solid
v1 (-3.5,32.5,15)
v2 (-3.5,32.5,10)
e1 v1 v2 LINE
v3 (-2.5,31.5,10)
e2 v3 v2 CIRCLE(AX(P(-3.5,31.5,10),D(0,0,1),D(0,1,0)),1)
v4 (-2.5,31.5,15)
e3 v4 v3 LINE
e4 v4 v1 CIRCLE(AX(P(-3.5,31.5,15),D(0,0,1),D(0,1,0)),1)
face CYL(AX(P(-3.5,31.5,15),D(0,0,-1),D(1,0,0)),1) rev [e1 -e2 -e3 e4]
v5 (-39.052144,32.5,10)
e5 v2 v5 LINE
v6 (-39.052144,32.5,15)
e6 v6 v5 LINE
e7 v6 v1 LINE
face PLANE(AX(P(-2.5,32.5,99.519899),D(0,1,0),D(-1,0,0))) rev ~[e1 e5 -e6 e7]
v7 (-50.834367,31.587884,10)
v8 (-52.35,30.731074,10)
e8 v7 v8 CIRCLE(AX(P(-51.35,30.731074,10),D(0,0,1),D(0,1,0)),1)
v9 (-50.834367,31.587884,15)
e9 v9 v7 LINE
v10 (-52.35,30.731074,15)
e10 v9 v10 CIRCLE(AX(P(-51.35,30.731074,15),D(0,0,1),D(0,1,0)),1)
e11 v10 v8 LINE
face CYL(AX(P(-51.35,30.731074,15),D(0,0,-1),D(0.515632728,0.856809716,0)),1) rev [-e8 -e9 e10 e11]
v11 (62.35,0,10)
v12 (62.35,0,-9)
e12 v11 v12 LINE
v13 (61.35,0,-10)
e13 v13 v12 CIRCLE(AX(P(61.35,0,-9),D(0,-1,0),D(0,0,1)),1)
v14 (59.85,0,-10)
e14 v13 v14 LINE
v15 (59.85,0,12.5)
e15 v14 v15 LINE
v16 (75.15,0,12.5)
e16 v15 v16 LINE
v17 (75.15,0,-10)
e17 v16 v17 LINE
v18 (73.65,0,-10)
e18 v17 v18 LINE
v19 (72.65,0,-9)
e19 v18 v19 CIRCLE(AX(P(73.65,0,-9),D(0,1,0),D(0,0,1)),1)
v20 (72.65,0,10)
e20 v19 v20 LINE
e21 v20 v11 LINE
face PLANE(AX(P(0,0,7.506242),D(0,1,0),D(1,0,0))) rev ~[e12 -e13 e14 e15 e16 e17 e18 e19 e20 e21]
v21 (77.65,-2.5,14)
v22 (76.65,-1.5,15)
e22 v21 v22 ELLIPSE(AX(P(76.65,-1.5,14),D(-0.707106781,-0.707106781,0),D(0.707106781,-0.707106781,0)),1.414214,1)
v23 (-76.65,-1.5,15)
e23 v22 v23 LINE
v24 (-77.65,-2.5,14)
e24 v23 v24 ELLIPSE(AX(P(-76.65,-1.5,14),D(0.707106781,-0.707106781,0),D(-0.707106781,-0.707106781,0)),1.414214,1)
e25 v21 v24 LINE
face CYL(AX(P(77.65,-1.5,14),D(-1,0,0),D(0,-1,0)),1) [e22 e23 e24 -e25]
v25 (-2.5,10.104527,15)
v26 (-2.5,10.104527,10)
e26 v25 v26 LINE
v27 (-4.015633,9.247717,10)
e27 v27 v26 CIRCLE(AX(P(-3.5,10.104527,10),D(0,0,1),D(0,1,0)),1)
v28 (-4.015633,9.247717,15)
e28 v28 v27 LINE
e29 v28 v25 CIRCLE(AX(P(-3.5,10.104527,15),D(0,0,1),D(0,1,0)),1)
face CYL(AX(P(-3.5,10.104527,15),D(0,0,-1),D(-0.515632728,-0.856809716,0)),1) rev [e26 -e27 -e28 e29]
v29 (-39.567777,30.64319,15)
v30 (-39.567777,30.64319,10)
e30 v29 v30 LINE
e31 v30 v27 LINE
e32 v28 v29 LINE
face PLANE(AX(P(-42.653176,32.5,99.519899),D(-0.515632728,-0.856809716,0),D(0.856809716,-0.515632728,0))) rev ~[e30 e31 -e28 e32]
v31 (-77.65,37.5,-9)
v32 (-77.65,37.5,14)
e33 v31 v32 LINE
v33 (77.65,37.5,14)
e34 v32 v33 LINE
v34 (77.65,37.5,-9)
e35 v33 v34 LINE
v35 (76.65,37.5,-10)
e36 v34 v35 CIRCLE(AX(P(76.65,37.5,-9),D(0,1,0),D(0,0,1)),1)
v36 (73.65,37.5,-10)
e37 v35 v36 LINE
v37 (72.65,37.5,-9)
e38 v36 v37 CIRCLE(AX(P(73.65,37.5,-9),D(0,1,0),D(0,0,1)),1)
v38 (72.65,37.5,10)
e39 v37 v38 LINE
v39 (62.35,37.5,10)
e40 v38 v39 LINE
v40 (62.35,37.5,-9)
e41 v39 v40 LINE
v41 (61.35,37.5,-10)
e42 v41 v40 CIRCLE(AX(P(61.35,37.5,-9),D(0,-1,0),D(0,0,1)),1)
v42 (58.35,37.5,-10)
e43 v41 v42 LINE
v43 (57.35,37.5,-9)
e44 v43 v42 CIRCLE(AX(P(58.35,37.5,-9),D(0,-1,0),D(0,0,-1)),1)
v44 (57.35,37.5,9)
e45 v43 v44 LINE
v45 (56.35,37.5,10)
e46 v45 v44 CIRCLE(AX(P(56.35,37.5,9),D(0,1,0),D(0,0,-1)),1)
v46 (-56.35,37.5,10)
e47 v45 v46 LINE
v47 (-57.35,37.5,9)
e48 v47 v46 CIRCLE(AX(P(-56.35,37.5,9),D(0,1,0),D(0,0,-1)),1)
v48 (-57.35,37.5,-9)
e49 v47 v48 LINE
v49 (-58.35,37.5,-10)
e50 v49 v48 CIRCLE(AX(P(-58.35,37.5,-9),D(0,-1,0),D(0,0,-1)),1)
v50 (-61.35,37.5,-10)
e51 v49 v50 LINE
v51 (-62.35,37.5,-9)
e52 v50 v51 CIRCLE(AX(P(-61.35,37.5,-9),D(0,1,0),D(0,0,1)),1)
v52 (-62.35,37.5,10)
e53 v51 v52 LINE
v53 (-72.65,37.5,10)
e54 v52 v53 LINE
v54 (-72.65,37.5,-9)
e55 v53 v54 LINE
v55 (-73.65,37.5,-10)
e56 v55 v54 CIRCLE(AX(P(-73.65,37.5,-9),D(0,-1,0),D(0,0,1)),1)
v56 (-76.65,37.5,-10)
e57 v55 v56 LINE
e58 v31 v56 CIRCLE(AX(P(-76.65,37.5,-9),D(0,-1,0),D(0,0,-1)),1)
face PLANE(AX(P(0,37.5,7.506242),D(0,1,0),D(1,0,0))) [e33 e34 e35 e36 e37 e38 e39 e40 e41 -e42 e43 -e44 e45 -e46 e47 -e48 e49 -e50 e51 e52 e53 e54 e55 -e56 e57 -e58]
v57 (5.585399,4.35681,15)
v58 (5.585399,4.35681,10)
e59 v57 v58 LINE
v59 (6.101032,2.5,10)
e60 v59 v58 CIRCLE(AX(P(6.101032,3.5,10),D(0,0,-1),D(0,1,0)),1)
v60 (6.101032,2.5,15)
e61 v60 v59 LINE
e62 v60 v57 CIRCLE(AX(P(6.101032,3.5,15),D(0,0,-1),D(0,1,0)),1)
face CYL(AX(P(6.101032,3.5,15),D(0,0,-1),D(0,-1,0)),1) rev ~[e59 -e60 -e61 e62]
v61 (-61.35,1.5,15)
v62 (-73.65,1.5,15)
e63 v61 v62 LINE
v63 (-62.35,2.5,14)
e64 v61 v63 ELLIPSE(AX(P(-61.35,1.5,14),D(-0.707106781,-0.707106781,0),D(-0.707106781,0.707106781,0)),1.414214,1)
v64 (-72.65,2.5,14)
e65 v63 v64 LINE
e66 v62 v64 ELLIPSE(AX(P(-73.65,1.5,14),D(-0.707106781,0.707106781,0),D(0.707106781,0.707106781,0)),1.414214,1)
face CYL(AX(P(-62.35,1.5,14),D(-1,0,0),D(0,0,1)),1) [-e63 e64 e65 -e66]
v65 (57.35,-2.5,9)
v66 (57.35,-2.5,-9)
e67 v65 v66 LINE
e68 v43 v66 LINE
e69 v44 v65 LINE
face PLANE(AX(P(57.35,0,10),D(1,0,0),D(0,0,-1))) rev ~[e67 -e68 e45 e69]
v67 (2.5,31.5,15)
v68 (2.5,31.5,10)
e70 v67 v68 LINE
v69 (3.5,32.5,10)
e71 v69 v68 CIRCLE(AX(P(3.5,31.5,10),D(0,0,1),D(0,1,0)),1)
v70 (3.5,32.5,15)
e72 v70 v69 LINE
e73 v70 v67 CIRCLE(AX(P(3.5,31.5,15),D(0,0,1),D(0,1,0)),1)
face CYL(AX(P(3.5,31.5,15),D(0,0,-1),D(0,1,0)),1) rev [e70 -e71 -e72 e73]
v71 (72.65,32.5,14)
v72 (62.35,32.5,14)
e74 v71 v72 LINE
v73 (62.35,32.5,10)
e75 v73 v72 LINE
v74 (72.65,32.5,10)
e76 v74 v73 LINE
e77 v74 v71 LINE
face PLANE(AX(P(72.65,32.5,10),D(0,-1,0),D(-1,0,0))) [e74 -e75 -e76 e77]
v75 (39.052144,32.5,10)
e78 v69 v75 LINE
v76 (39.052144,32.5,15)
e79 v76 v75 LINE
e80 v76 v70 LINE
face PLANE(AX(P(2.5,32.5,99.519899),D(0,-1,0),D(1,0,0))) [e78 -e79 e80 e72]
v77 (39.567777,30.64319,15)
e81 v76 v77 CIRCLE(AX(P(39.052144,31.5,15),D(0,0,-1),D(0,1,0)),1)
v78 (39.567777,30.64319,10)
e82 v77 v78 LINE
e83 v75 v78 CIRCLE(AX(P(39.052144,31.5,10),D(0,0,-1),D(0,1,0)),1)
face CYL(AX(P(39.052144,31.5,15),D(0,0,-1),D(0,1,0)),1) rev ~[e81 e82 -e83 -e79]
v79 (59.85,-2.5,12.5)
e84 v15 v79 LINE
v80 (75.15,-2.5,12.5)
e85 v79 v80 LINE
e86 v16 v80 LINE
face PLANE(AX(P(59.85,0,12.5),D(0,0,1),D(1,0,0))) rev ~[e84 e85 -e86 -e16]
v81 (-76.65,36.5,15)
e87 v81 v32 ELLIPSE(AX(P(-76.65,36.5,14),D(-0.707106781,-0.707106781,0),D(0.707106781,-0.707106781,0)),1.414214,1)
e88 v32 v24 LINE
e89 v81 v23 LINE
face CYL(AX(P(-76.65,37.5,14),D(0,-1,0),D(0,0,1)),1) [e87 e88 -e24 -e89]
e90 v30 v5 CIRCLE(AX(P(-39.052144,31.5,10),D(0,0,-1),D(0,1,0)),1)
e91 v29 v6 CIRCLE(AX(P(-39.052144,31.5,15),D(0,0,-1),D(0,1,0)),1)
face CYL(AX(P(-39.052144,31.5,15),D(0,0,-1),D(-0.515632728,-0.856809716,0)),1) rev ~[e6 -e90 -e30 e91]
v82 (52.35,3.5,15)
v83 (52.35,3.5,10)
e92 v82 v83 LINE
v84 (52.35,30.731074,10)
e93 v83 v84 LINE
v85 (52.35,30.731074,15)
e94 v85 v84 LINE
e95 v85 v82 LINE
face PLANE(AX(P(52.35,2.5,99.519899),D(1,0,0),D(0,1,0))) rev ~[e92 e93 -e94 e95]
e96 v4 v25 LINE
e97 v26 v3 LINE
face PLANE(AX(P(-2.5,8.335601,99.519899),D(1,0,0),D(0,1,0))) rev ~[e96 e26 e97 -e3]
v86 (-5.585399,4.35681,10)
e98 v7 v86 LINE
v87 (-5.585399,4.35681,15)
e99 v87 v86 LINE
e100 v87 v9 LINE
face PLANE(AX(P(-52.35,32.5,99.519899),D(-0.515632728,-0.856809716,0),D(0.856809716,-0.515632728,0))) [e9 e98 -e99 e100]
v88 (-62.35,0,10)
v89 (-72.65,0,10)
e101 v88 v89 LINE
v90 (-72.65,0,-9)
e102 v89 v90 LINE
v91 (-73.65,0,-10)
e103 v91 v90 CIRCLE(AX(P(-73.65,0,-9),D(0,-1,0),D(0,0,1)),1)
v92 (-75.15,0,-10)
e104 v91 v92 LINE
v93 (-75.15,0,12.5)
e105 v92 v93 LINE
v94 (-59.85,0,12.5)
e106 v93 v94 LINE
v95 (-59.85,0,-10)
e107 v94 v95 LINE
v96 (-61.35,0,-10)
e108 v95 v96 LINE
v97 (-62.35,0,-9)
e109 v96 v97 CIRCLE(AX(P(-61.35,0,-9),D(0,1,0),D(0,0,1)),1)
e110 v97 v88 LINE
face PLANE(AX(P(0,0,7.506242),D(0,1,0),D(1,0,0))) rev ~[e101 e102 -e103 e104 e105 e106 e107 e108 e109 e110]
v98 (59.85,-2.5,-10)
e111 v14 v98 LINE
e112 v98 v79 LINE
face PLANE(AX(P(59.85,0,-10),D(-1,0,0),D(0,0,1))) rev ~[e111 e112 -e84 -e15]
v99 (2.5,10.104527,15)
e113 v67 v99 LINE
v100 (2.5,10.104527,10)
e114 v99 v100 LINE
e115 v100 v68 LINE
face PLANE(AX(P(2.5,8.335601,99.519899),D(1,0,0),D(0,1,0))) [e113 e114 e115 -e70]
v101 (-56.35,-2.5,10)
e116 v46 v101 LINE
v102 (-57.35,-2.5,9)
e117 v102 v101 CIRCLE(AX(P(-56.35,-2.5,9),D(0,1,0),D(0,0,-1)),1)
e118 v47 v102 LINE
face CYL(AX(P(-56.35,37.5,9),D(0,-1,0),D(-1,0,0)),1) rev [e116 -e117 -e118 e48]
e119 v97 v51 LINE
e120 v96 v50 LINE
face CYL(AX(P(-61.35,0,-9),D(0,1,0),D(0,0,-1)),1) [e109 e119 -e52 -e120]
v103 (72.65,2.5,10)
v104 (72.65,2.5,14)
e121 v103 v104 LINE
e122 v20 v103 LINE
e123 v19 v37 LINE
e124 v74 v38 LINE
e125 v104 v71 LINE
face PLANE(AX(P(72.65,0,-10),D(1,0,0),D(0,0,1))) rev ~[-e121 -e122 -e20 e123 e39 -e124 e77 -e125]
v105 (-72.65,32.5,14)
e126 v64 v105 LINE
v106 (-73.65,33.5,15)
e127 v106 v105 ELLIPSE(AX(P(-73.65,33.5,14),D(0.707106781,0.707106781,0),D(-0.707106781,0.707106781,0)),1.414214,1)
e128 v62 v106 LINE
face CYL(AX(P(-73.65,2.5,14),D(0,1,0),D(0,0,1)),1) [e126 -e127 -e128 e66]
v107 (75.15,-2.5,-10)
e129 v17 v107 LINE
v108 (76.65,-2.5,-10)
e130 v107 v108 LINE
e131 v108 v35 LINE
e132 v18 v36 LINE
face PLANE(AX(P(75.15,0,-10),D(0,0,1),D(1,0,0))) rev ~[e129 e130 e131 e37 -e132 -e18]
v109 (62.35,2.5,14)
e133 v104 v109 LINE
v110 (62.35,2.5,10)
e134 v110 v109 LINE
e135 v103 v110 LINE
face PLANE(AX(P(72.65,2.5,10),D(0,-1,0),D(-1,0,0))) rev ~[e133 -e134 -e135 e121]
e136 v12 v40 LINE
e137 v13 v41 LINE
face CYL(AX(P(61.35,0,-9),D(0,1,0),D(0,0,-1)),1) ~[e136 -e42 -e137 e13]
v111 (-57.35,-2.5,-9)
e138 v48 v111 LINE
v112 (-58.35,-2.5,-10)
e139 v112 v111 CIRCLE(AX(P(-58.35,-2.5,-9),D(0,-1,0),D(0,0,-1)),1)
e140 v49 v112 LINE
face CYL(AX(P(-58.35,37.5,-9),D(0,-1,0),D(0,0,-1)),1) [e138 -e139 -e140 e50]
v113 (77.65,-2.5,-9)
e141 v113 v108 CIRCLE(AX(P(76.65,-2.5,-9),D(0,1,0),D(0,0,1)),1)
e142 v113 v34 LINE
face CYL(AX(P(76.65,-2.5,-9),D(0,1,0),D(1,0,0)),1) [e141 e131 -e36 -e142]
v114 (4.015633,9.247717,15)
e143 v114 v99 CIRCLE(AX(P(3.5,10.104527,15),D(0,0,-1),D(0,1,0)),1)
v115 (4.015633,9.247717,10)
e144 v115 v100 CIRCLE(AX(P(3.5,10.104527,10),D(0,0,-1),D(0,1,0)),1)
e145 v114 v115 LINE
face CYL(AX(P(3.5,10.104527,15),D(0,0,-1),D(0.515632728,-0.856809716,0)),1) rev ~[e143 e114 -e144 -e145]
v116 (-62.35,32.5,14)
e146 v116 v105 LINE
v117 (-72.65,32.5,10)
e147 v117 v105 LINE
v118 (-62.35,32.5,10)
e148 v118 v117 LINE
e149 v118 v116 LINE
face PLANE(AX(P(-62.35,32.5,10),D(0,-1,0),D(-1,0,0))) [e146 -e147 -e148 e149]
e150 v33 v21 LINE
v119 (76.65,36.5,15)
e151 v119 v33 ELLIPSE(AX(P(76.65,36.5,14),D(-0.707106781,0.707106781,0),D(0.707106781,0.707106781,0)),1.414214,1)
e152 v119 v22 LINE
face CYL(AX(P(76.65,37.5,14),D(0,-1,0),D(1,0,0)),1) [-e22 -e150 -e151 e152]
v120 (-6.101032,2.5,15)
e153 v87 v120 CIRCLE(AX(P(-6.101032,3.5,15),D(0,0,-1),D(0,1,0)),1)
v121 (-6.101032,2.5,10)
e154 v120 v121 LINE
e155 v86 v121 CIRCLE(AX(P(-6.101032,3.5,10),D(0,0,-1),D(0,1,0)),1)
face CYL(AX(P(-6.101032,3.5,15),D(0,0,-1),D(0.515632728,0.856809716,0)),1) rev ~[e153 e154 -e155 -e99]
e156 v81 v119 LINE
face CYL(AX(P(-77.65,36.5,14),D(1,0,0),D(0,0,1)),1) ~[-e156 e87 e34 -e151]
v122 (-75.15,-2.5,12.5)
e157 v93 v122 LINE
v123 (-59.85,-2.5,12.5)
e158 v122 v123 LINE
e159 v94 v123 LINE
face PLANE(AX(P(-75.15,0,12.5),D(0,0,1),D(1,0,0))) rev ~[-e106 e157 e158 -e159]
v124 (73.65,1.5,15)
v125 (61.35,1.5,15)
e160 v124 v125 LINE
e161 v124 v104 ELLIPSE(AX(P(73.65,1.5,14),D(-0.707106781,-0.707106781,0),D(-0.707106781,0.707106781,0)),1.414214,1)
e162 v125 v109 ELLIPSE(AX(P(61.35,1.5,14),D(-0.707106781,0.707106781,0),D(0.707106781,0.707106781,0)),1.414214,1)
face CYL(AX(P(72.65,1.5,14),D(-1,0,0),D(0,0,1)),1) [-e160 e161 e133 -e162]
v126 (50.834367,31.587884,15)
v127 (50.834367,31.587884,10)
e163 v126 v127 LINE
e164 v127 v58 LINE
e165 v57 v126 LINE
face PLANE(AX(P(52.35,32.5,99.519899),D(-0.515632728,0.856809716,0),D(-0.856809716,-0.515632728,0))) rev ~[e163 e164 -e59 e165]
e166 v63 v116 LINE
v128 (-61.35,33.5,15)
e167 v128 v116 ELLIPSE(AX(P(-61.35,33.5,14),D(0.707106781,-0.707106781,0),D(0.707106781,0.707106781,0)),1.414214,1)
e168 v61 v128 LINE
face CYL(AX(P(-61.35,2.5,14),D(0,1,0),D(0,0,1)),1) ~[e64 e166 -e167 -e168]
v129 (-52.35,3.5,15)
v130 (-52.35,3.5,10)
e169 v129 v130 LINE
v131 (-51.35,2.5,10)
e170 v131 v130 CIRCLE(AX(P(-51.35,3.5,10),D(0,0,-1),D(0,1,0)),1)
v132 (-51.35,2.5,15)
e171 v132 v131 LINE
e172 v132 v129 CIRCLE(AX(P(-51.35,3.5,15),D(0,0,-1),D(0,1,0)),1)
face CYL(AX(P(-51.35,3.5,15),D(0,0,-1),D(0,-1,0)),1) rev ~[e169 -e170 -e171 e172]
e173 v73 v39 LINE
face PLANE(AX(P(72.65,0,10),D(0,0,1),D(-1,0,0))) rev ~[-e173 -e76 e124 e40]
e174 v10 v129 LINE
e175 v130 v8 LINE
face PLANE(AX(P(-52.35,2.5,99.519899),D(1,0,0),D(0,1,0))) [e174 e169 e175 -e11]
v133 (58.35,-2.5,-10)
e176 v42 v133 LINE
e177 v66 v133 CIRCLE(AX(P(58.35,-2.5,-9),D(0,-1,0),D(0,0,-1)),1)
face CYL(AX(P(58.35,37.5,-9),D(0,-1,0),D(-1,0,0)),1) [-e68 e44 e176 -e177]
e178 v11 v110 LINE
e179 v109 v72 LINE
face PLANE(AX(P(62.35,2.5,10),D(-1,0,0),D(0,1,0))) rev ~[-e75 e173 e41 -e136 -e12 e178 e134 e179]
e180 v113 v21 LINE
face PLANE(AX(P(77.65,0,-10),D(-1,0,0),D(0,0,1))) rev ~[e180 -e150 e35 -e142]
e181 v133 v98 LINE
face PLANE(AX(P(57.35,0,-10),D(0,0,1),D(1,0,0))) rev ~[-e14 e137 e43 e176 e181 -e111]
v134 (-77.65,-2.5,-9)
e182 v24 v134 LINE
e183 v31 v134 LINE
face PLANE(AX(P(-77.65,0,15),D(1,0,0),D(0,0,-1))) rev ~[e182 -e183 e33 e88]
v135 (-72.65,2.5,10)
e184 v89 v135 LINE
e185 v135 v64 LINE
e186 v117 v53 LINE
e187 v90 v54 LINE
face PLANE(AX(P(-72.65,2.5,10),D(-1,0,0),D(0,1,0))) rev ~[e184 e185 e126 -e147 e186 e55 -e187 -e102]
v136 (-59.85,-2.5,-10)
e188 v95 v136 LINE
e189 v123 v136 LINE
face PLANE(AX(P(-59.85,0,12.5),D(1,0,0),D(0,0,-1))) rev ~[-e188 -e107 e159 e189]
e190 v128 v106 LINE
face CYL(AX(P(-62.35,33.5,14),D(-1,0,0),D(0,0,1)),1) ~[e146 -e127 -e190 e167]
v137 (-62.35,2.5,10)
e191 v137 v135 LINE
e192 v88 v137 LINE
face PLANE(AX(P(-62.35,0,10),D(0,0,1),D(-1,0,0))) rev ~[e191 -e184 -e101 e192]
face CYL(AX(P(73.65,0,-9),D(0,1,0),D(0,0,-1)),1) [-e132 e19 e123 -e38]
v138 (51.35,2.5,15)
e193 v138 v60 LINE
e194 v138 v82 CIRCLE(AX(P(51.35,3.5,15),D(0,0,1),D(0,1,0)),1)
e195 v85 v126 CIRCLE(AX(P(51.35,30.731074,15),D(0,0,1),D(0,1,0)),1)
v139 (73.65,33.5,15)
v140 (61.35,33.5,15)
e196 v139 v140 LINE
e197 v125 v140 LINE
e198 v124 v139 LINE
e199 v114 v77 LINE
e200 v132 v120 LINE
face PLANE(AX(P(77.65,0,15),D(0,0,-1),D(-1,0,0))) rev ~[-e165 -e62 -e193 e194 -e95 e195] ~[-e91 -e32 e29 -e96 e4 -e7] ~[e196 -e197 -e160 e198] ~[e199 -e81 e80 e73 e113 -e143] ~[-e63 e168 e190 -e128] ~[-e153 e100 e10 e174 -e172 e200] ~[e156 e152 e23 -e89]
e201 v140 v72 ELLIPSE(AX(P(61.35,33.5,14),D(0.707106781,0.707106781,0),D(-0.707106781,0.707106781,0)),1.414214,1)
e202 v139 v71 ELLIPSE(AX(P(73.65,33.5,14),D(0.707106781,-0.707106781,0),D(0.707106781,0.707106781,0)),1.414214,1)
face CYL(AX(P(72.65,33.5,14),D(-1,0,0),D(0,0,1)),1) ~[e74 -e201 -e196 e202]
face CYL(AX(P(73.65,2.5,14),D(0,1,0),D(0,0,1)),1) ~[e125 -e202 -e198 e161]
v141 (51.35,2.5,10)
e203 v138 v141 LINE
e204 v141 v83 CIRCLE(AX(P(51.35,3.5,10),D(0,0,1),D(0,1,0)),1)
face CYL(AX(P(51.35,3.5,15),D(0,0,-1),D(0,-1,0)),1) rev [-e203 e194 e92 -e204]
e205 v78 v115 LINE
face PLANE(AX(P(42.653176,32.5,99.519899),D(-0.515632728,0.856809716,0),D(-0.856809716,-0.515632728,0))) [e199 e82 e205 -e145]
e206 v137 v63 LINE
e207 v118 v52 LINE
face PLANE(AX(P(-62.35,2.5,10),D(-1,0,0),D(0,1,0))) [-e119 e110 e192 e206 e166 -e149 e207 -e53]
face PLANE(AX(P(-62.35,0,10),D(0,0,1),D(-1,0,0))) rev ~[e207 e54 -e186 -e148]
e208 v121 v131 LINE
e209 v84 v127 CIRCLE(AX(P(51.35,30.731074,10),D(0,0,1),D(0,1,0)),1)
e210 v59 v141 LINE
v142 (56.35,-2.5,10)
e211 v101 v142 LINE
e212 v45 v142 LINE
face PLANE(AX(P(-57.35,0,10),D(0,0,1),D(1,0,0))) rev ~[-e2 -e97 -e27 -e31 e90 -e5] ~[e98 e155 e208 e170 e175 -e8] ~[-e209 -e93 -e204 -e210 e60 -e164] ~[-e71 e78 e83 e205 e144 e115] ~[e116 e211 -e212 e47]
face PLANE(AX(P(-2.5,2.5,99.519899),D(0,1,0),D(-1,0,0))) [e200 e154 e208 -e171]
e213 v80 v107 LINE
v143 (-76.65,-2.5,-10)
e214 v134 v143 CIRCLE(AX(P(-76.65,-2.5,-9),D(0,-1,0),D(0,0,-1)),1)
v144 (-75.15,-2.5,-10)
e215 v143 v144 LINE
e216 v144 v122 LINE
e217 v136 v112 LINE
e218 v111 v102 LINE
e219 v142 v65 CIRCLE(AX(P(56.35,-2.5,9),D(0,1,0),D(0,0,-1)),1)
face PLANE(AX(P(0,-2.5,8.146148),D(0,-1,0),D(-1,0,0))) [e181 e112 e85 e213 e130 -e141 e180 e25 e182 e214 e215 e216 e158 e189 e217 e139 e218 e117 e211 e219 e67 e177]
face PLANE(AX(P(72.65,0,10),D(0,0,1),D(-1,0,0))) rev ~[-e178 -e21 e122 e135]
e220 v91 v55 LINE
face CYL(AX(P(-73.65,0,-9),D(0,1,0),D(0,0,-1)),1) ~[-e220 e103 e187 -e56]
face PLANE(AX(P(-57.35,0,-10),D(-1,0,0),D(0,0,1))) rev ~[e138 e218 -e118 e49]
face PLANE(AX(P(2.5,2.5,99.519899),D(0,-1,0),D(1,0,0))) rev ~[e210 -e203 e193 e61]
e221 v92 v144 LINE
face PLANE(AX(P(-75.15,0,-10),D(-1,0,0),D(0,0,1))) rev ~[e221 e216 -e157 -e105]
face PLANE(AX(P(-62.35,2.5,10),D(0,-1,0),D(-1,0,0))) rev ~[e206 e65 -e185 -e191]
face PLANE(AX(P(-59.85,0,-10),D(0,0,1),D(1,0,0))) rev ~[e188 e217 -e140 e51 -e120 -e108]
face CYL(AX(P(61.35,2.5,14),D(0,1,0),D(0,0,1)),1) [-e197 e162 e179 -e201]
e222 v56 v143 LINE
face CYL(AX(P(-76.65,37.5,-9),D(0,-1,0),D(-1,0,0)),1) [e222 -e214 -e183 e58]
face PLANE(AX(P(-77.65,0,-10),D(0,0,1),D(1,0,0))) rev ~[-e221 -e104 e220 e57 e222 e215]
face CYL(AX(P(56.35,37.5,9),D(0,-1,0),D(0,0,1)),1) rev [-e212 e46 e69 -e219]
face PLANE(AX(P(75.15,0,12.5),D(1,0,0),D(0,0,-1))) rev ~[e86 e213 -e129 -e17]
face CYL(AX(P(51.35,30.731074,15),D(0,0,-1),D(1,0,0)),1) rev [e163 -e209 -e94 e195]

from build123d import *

# Parameters (mm, degrees)
BOSS_EXTRUDE2_DEPTH     = 37.5
BOSS_EXTRUDE3_DEPTH     = 2.5
CUT_EXTRUDE1_DEPTH      = 89.519898893
CUT_EXTRUDE1_DEPTH_BACK = 89.519898893
SKETCH8_W               = 10.3
SKETCH8_H               = 30
CUT_EXTRUDE3_DEPTH      = 89.519898893
FILLET1_R               = 1


with BuildPart() as part:
    # Sketch2 → Boss-Extrude2 (new body)
    with BuildSketch(Plane(origin=(0, 0, 0), x_dir=(1, 0, 0), z_dir=(0, 1, 0))):
        Polygon((77.65, -15), (77.65, 10), (72.65, 10), (72.65, -10), (62.35, -10), (62.35, 10), (57.35, 10), (57.35, -10), (-57.35, -10), (-57.35, 10), (-62.35, 10), (-62.35, -10), (-72.65, -10), (-72.65, 10), (-77.65, 10), (-77.65, -15), align=None)
    extrude(amount=BOSS_EXTRUDE2_DEPTH)

    # Sketch3 → Boss-Extrude3 (add)
    with BuildSketch(Plane(origin=(0, 0, 0), x_dir=(1, 0, 0), z_dir=(0, 1, 0))):
        Polygon((77.65, 10), (77.65, -15), (-77.65, -15), (-77.65, 10), (-75.15, 10), (-75.15, -12.5), (-59.85, -12.5), (-59.85, 10), (-57.35, 10), (-57.35, -10), (57.35, -10), (57.35, 10), (59.85, 10), (59.85, -12.5), (75.15, -12.5), (75.15, 10), align=None)
    extrude(amount=-BOSS_EXTRUDE3_DEPTH)

    # Sketch4 → Cut-Extrude1 (cut, two sides: drawn at the far end of the back side and taken through both)
    with BuildSketch(Plane(origin=(0, 0, 10), x_dir=(-1, 0, 0), z_dir=(0, 0, -1)).offset(-CUT_EXTRUDE1_DEPTH_BACK)):
        Polygon((52.35, 2.5), (52.35, 32.5), (2.5, 2.5), align=None)
        Polygon((-2.5, 2.5), (-52.35, 2.5), (-52.35, 32.5), align=None)
        Polygon((42.653175634, 32.5), (2.5, 8.335601424), (2.5, 32.5), align=None)
        Polygon((-2.5, 8.335601424), (-2.5, 32.5), (-42.653175634, 32.5), align=None)
    extrude(amount=CUT_EXTRUDE1_DEPTH + CUT_EXTRUDE1_DEPTH_BACK, mode=Mode.SUBTRACT)

    # Sketch8 → Cut-Extrude3 (cut, through all)
    with BuildSketch(Plane(origin=(0, 0, 10), x_dir=(-1, 0, 0), z_dir=(0, 0, -1))):
        with Locations((67.5, 17.5)):
            Rectangle(SKETCH8_W, SKETCH8_H)
        with Locations((-67.5, 17.5)):
            Rectangle(SKETCH8_W, SKETCH8_H)
    extrude(amount=-CUT_EXTRUDE3_DEPTH, mode=Mode.SUBTRACT)

    # Fillet1
    fillet1_edges = [part.edges().sort_by_distance(p)[0] for p in [
        (2.5, 8.335601424, 12.5),
        (42.653175634, 32.5, 12.5),
        (2.5, 32.5, 12.5),
        (-52.35, 2.5, 12.5),
        (-2.5, 2.5, 12.5),
        (-52.35, 32.5, 12.5),
        (-2.5, 32.5, 12.5),
        (-42.653175634, 32.5, 12.5),
        (-2.5, 8.335601424, 12.5),
        (52.35, 32.5, 12.5),
        (2.5, 2.5, 12.5),
        (52.35, 2.5, 12.5),
        (-72.65, 17.5, 15),
        (-67.5, 2.5, 15),
        (-62.35, 17.5, 15),
        (-67.5, 32.5, 15),
        (62.35, 17.5, 15),
        (67.5, 2.5, 15),
        (72.65, 17.5, 15),
        (67.5, 32.5, 15),
        (0, 37.5, 15),
        (-62.35, 18.75, -10),
        (-57.35, 17.5, -10),
        (-57.35, 17.5, 10),
        (57.35, 17.5, 10),
        (57.35, 17.5, -10),
        (62.35, 18.75, -10),
        (72.65, 18.75, -10),
        (77.65, 17.5, -10),
        (77.65, 17.5, 15),
        (-77.65, 17.5, 15),
        (-77.65, 17.5, -10),
        (-72.65, 18.75, -10),
        (0, -2.5, 15),
    ]]
    fillet(fillet1_edges, radius=FILLET1_R)


solid = part.part
